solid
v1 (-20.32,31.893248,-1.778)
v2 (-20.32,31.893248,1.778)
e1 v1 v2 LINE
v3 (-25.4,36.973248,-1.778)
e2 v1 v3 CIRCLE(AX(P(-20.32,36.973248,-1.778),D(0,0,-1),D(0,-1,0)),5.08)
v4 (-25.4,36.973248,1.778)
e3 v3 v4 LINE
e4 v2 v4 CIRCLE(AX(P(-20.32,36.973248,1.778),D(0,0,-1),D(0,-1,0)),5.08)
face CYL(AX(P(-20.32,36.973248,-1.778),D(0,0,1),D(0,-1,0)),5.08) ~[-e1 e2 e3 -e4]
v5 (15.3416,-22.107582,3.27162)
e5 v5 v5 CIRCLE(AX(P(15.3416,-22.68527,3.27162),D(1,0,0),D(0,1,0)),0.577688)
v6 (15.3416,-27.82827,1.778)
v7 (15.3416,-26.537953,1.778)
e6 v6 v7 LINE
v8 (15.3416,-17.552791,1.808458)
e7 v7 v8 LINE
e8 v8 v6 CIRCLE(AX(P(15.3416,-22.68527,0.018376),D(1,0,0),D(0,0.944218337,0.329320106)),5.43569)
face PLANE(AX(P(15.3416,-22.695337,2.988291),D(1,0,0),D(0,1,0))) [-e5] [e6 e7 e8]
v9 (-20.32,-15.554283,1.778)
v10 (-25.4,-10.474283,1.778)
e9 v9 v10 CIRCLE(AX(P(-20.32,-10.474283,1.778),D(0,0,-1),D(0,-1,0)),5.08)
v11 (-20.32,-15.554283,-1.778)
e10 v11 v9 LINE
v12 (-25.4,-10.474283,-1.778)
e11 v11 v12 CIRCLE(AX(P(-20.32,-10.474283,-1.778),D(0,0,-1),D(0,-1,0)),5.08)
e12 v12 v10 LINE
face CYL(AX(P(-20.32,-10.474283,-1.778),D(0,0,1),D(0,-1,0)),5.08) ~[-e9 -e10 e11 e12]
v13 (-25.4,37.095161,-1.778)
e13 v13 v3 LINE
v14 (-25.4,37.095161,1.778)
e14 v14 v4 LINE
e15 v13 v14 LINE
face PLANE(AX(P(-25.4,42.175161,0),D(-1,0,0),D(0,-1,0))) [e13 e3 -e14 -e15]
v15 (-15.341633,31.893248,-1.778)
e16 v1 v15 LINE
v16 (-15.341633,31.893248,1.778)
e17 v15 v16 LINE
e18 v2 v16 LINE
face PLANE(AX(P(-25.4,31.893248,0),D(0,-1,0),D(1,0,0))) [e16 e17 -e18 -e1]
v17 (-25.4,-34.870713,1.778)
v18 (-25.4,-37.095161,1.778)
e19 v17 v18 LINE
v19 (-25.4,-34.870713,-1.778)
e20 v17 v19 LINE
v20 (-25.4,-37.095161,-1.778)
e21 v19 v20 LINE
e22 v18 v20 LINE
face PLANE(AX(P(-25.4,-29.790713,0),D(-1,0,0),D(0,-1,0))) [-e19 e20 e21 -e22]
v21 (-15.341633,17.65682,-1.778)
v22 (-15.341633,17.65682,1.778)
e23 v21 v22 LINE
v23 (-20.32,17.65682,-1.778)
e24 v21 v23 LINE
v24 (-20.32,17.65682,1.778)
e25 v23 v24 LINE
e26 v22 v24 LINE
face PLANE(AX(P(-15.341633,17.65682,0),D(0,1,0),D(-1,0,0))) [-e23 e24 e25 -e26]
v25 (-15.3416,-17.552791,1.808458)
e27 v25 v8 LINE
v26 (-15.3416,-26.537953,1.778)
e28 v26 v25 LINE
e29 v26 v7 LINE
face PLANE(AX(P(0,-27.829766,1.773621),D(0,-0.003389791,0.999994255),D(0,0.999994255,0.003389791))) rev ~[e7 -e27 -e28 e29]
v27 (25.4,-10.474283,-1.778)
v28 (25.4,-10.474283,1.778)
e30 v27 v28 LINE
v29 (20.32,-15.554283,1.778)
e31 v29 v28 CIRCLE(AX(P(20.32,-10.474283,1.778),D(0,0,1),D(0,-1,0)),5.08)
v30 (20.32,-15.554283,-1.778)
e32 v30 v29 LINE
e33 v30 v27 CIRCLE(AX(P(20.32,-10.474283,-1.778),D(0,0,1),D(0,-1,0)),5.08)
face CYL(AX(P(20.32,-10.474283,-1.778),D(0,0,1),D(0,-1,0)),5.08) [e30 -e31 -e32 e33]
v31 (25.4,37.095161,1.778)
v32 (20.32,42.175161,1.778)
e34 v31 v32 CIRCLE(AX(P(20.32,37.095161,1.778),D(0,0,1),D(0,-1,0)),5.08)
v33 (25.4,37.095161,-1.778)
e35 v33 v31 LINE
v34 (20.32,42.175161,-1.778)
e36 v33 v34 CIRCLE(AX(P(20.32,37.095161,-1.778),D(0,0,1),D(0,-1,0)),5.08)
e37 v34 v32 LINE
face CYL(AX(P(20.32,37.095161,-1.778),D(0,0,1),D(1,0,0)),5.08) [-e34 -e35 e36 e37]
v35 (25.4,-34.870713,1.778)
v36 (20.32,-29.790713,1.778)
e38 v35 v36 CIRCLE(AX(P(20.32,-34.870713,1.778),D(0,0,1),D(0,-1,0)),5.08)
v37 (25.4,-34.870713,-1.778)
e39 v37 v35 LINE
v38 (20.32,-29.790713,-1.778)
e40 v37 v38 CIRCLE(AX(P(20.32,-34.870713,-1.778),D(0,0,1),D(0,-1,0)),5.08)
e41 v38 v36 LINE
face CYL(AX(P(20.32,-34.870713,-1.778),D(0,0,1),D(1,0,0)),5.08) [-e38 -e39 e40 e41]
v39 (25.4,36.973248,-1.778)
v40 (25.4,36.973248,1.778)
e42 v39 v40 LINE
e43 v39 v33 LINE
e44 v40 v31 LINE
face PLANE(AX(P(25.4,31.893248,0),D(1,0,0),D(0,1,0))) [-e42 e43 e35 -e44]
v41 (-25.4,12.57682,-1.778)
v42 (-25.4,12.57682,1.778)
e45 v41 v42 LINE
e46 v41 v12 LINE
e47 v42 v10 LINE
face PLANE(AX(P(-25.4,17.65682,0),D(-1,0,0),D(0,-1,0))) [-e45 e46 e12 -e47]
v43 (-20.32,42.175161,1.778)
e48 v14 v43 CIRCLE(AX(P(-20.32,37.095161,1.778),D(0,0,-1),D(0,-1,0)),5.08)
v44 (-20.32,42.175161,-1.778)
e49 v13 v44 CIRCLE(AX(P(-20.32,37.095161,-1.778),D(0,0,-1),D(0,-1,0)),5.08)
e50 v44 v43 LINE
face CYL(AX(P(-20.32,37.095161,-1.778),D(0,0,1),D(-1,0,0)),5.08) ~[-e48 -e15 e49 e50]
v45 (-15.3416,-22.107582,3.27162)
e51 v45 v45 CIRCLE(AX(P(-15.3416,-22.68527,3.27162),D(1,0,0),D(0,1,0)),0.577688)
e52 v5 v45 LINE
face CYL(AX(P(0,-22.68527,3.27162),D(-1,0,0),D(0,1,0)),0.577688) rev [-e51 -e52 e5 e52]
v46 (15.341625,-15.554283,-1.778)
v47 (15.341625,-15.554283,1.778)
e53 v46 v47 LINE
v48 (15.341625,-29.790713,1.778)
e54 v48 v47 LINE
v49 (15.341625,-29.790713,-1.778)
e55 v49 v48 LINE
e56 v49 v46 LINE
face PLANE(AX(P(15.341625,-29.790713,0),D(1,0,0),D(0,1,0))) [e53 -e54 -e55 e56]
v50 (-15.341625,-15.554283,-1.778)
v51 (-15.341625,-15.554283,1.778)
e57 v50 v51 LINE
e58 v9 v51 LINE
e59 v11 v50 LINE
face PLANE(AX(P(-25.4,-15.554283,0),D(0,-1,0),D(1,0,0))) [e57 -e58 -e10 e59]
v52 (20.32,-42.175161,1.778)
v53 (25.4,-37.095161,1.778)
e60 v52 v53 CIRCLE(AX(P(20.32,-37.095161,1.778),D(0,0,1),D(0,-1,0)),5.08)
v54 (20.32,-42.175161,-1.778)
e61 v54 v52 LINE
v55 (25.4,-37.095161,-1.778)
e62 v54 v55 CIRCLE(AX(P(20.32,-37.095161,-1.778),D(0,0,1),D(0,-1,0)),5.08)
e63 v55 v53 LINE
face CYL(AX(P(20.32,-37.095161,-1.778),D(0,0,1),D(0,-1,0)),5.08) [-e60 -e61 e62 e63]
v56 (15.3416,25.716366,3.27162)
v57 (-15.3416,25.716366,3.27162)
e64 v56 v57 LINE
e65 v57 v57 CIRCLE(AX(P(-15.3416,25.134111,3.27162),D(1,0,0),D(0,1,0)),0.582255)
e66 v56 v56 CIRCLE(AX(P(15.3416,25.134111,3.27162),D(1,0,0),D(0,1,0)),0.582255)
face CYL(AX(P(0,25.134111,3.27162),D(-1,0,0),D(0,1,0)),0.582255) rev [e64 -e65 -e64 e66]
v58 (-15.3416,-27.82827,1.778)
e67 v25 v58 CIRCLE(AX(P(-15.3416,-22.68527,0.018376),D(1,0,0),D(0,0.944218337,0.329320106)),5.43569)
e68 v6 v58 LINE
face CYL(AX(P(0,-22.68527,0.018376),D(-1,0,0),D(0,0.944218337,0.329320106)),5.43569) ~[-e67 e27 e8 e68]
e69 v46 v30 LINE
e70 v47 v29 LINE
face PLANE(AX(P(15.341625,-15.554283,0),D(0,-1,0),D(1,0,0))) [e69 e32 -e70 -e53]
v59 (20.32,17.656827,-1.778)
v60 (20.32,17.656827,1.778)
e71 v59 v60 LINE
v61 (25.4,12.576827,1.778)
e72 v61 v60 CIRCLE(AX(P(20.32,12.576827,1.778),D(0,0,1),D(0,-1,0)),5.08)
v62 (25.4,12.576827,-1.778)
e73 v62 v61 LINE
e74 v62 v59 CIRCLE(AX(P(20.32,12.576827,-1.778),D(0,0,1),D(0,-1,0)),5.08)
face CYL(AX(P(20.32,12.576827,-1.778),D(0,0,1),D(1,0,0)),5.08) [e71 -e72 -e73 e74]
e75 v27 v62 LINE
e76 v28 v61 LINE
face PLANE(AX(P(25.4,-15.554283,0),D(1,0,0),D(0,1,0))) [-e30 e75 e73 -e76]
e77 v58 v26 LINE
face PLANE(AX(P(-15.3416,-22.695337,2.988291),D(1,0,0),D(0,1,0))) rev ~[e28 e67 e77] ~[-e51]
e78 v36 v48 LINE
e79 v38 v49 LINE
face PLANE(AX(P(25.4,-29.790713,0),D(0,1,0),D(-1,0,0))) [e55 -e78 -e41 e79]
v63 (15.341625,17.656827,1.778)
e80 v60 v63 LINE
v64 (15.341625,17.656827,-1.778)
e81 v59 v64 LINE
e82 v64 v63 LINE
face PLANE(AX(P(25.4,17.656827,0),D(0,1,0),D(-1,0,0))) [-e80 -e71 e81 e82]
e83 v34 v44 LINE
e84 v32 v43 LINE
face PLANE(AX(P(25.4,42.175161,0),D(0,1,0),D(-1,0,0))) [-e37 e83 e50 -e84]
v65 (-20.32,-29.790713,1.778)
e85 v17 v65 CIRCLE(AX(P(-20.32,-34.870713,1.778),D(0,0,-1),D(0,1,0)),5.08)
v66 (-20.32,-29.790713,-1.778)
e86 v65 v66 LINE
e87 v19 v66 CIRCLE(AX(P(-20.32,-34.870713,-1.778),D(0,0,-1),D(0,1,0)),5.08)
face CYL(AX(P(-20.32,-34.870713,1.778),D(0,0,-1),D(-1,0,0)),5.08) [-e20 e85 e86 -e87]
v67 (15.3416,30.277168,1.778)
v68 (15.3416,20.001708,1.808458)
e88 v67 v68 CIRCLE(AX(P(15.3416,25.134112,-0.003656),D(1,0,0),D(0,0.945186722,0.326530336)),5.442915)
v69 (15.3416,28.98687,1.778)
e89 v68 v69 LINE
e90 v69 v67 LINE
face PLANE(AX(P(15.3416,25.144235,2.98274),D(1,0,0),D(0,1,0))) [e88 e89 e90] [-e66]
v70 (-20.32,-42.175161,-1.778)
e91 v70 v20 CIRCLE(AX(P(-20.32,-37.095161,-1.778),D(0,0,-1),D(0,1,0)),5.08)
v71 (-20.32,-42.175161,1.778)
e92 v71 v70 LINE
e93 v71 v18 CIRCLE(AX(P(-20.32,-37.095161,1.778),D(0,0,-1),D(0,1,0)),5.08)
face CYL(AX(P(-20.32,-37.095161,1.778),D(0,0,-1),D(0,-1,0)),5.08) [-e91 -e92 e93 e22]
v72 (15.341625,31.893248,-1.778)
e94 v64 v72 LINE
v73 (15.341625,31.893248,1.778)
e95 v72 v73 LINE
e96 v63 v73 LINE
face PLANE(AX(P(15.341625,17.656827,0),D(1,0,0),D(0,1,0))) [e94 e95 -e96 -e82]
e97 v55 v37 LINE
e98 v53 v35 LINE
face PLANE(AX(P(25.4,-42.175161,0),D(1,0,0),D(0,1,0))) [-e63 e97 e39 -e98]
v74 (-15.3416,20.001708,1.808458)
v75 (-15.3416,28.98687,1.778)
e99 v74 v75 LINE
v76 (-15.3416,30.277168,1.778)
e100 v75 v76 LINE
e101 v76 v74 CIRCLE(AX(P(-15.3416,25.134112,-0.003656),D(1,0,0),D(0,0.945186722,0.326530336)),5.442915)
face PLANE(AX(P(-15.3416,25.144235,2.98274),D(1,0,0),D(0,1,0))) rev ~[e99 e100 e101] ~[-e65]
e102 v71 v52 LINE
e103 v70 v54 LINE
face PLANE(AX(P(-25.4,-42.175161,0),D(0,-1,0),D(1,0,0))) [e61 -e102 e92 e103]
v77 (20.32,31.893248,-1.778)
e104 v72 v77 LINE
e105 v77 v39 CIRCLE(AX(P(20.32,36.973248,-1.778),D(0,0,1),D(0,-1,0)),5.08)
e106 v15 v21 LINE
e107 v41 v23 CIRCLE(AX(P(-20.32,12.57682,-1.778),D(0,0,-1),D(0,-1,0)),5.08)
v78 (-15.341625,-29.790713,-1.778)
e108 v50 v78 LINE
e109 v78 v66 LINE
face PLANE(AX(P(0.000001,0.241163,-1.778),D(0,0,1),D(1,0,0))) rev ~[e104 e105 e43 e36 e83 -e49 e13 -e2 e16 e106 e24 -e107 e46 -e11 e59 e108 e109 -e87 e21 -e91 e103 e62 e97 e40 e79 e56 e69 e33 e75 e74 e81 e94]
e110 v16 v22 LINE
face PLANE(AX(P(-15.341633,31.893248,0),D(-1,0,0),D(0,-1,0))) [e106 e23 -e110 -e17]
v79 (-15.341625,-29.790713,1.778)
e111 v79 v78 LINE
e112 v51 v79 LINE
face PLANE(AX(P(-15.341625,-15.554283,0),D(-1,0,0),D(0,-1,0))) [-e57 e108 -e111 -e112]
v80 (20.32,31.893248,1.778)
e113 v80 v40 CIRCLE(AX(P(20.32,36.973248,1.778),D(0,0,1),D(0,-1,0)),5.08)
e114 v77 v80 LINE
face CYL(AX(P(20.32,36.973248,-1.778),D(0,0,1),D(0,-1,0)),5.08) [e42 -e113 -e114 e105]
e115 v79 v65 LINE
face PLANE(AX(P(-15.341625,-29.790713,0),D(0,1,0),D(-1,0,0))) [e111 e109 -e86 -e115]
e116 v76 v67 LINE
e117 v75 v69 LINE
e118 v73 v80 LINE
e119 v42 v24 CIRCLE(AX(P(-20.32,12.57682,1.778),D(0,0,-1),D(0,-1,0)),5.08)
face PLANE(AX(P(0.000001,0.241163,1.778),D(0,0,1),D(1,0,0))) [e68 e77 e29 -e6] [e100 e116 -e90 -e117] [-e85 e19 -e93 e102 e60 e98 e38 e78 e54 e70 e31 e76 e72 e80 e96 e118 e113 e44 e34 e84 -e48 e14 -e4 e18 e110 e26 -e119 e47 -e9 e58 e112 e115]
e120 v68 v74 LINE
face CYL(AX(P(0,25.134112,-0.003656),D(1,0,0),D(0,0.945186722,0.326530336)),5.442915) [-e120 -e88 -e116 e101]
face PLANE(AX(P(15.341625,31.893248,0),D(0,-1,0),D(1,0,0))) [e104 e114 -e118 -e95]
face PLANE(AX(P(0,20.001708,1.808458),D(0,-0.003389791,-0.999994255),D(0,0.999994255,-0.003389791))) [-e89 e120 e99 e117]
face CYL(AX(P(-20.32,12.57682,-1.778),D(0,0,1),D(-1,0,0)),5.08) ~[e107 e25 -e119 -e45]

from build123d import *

# Parameters (mm, degrees)
F1_DEPTH = 1.778
F2_R     = 0.577688
F2_R_2   = 0.582255
F3_DEPTH = 15.3416
F4_R     = 5.08


with BuildPart() as f1:
    # F0 (on Top) → F1 (new body, symmetric)
    with BuildSketch(Plane.XY):
        Polygon((-25.4, -42.175161), (25.4, -42.175161), (25.4, -29.790713), (15.341625, -29.790713), (15.341625, -15.554283), (25.4, -15.554283), (25.4, 17.656827), (15.341625, 17.656827), (15.341625, 31.893248), (25.4, 31.893248), (25.4, 42.175161), (-25.4, 42.175161), (-25.4, 31.893248), (-15.341633, 31.893248), (-15.341633, 17.65682), (-25.4, 17.65682), (-25.4, -15.554283), (-15.341625, -15.554283), (-15.341625, -29.790713), (-25.4, -29.790713), align=None)
    extrude(amount=F1_DEPTH, both=True)

    # F2 (on Right) → F3 (join, symmetric)
    with BuildSketch(Plane.YZ):
        with BuildLine():
            Line((-27.829766, 1.773621), (-17.552791, 1.808458))
            ThreePointArc((-17.552791, 1.808458), (-22.703696, 5.454035), (-27.829766, 1.773621))
        make_face()
        with Locations((-22.68527, 3.27162)):
            Circle(F2_R, mode=Mode.SUBTRACT)
        with BuildLine():
            Line((20.001708, 1.808458), (30.278683, 1.773621))
            ThreePointArc((30.278683, 1.773621), (25.152562, 5.439228), (20.001708, 1.808458))
        make_face()
        with Locations((25.134111, 3.27162)):
            Circle(F2_R_2, mode=Mode.SUBTRACT)
    extrude(amount=F3_DEPTH, both=True)

    # F4
    f4_edges = [f1.edges().sort_by_distance(p)[0] for p in [
        (25.4, -42.175161, 0),
        (-25.4, -42.175161, 0),
        (-25.4, -29.790713, 0),
        (-25.4, -15.554283, 0),
        (-25.4, 17.65682, 0),
        (-25.4, 31.893248, 0),
        (-25.4, 42.175161, 0),
        (25.4, 42.175161, 0),
        (25.4, 17.656827, 0),
        (25.4, 31.893248, 0),
        (25.4, -29.790713, 0),
        (25.4, -15.554283, 0),
    ]]
    fillet(f4_edges, radius=F4_R)


solid = f1.part
